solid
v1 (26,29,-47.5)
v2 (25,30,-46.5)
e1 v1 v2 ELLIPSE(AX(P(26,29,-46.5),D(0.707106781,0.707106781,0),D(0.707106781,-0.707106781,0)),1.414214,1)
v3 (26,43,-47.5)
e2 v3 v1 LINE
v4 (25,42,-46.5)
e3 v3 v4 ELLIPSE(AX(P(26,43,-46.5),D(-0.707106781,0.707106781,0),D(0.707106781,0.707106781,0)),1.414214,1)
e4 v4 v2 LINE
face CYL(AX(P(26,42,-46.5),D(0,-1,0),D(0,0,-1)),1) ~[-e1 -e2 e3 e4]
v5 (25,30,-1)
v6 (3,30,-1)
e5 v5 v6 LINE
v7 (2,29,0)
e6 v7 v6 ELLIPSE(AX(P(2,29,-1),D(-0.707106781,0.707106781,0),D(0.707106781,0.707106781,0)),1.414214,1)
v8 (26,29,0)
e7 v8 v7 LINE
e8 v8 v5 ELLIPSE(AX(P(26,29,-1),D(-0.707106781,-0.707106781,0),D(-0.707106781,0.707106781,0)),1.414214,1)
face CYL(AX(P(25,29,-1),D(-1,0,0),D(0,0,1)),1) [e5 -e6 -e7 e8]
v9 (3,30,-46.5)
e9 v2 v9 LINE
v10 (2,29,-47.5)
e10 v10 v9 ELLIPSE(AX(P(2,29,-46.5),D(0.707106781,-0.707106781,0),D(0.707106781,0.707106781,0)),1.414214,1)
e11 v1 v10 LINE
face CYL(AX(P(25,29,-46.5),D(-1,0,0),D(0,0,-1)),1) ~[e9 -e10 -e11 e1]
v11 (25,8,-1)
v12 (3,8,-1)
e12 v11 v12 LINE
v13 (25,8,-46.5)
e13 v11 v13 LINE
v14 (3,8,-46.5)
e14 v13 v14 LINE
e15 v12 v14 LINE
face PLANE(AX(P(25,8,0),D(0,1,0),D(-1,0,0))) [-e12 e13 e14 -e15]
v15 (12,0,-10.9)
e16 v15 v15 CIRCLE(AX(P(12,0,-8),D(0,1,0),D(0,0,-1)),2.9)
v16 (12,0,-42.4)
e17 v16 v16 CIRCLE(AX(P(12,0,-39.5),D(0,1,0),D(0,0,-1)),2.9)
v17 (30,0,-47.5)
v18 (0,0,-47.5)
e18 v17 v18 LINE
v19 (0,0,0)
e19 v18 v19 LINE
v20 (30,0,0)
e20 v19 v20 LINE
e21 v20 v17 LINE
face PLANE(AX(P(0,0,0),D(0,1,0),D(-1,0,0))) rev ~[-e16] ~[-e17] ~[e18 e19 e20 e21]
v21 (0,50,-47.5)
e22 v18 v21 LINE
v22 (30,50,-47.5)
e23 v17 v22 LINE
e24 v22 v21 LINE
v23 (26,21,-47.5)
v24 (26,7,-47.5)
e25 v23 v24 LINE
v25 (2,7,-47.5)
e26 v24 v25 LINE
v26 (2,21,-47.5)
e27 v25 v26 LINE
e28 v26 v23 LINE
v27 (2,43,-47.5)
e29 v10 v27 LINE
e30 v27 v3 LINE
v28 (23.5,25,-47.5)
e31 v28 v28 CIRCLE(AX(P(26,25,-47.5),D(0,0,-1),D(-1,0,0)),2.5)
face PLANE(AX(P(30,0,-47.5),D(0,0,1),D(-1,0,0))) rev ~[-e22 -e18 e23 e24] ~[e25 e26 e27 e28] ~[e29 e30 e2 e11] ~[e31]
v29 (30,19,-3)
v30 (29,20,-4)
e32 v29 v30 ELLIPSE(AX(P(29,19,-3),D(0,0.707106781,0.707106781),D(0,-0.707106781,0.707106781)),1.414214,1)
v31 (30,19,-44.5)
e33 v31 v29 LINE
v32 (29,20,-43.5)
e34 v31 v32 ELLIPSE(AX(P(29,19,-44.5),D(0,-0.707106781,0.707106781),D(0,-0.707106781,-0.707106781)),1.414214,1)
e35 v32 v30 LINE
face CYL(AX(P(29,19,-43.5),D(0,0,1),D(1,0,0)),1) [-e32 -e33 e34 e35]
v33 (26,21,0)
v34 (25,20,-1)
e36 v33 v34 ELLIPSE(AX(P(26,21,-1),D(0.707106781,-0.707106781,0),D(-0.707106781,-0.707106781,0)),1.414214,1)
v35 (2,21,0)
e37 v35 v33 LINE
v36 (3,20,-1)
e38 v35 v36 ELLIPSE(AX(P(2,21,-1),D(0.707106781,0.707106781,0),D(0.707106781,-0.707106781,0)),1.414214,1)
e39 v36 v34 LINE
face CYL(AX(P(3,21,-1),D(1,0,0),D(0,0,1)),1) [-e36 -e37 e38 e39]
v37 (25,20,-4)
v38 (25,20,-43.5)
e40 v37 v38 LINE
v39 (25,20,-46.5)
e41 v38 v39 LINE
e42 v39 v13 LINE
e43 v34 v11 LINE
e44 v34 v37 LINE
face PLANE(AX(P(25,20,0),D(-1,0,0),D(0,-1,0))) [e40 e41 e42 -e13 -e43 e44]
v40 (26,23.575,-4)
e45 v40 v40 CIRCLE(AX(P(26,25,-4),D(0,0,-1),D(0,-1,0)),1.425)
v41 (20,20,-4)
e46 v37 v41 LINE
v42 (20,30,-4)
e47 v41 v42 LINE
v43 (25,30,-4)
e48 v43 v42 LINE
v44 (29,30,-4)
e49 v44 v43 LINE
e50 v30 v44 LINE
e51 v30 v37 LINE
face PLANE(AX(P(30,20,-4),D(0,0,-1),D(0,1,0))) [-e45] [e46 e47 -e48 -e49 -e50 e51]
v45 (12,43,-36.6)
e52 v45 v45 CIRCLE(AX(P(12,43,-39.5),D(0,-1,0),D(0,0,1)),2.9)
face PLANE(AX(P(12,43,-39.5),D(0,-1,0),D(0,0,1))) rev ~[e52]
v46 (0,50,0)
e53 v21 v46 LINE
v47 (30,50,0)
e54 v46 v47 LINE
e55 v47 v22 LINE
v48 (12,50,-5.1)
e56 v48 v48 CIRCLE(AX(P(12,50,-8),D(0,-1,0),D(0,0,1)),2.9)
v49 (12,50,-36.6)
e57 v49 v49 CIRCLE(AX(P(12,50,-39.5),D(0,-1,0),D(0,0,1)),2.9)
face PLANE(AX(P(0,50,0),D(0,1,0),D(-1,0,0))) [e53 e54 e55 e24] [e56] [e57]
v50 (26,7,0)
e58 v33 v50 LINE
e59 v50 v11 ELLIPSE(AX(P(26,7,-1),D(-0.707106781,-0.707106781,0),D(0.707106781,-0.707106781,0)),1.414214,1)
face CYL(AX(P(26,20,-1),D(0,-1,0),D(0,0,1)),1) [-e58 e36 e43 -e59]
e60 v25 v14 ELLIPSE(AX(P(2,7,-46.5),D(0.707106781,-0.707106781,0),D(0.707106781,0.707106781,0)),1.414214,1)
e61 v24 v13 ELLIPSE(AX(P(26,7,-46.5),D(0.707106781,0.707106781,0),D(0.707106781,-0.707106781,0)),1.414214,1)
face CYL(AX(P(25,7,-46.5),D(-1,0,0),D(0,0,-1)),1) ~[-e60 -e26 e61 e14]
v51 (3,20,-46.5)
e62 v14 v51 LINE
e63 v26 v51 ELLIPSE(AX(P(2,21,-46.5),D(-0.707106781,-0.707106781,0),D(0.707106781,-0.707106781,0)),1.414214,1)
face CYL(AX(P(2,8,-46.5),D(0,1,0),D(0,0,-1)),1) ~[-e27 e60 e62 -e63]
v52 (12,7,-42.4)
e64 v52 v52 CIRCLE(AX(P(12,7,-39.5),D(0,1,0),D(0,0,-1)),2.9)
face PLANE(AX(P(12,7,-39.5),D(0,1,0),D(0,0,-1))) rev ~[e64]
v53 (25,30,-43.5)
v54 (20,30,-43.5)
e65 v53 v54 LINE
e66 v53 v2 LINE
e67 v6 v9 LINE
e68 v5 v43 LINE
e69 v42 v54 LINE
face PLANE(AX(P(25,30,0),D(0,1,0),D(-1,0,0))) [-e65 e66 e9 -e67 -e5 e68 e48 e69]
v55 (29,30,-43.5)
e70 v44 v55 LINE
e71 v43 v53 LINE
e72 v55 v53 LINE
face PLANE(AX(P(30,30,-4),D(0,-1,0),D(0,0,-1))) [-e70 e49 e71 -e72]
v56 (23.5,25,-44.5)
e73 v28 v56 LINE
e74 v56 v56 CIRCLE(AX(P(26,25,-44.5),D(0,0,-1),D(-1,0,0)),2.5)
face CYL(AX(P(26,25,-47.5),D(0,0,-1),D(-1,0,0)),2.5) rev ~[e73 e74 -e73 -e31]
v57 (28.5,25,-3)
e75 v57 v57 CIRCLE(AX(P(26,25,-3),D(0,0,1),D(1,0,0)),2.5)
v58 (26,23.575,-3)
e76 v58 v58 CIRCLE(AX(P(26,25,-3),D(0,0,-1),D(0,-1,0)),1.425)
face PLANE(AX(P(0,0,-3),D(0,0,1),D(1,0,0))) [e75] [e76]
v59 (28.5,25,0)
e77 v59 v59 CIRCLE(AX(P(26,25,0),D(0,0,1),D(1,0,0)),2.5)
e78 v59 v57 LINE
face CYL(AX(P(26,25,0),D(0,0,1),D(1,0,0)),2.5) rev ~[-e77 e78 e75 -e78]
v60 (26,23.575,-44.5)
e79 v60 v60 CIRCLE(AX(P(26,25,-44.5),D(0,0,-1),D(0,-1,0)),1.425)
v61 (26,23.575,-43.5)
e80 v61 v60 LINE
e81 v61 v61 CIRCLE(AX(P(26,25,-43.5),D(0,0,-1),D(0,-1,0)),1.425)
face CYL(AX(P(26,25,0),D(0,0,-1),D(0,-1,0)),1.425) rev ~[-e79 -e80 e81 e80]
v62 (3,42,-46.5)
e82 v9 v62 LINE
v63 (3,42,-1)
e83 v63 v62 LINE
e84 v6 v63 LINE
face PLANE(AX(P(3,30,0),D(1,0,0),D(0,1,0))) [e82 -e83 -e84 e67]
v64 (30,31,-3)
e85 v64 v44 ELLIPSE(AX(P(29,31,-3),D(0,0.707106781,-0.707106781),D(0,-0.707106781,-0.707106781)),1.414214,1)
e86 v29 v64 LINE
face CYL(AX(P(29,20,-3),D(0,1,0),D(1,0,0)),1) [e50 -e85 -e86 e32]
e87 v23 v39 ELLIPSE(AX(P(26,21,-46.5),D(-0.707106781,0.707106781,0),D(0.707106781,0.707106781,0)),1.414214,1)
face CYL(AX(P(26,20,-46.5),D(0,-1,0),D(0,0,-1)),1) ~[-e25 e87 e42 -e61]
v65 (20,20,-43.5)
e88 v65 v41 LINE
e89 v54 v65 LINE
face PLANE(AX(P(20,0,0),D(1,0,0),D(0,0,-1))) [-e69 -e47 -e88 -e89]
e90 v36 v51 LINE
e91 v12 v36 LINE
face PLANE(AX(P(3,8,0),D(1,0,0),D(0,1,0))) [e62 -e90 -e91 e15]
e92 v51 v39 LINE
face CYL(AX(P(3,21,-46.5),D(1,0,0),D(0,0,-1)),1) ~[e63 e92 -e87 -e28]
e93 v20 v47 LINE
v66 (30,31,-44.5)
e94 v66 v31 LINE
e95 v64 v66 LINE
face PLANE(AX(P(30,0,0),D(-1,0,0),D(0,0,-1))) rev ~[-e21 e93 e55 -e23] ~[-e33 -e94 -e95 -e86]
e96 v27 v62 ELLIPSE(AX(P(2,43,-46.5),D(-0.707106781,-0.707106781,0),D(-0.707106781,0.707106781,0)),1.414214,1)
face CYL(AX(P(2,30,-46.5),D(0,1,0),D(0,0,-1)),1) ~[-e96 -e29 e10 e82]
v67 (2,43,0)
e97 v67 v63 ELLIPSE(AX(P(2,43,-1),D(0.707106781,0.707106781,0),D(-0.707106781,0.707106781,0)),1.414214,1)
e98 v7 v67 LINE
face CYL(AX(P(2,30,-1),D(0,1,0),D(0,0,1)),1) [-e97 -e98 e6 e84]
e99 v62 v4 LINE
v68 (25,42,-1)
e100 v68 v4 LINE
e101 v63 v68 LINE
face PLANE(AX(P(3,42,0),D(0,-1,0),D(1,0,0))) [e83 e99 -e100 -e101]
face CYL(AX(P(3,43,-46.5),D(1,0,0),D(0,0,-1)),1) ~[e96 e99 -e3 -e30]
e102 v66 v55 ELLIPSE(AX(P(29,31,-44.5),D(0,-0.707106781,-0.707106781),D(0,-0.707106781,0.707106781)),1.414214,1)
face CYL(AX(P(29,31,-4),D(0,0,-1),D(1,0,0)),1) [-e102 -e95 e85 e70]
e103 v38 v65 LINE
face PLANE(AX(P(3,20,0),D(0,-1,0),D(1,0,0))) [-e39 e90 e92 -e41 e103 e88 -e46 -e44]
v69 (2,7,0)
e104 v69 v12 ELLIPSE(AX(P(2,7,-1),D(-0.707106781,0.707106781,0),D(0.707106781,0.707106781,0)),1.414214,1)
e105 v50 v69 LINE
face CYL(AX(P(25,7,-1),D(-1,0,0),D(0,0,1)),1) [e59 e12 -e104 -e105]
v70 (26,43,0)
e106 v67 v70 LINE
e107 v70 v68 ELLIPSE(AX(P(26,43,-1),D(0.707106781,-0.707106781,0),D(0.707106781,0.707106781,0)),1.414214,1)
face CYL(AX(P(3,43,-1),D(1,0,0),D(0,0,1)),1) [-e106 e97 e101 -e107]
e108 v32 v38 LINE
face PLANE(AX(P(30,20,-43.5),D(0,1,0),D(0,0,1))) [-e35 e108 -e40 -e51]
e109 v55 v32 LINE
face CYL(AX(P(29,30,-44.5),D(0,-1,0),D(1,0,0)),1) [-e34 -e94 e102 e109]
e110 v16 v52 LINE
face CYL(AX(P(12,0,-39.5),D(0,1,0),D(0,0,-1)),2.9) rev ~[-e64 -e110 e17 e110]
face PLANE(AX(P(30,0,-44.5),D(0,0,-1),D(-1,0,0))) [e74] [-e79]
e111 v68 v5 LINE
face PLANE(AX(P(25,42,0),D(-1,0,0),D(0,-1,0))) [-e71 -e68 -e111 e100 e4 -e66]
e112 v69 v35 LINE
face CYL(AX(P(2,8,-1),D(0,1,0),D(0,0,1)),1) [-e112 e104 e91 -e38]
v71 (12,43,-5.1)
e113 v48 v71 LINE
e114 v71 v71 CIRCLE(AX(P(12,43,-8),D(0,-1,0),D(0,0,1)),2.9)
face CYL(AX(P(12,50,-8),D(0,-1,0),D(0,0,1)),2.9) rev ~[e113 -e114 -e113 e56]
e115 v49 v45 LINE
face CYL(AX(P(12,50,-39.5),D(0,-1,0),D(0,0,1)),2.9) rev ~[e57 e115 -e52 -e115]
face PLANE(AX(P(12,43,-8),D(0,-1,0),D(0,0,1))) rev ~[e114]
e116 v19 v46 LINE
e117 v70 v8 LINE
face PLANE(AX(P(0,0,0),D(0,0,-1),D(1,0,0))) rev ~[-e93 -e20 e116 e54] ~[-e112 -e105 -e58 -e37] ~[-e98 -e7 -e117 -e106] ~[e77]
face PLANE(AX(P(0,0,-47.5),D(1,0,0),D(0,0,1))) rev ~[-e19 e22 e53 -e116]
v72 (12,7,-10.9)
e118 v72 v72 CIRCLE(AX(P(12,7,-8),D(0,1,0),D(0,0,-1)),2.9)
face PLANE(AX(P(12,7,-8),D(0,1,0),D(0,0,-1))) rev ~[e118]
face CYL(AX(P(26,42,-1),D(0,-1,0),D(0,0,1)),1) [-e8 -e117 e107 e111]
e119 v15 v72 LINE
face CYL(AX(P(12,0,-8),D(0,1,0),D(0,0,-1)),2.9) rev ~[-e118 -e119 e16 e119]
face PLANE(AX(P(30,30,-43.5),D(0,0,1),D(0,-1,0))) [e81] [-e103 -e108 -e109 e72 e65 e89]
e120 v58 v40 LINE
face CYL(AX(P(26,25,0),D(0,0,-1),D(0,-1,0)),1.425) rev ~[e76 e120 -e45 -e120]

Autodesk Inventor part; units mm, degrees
ref_plane "YZ Plane" through (0, 0, 0) normal (1, 0, 0) x (0, 1, 0)
ref_plane "XZ Plane" through (0, 0, 0) normal (0, 1, 0) x (-1, 0, 0)
ref_plane "XY Plane" through (0, 0, 0) normal (0, 0, 1) x (1, 0, 0)
sketch "スケッチ1" plane through (0, 0, 0) normal (0, 1, 0) x (-1, 0, 0)
  line L0 (0, 0) -> (-30, 0)
  line L1 (-30, 0) -> (-30, -47.5)
  line L2 (-30, -47.5) -> (0, -47.5)
  line L3 (0, -47.5) -> (0, 0)
  dimension "d0" = 30
  dimension "d1" = 47.5
extrude "押し出し1" add sketch "スケッチ1" along normal blind 50
ref_plane "作業平面1" through (30, 0, 0) normal (1, 0, 0) x (0, 0, -1)
sketch "スケッチ2" plane through (30, 0, 0) normal (1, 0, 0) x (0, 0, -1)
  line L0 (4, 30) -> (43.5, 30)
  line L1 (43.5, 30) -> (43.5, 20)
  line L2 (43.5, 20) -> (4, 20)
  line L3 (4, 20) -> (4, 30)
  line L4 (0, 0) -> (0, 50) projected
  line L5 (0, 0) -> (0, 50) projected
  line L6 (0, 50) -> (47.5, 50) projected
  point P0 (0, 25)
  point P1 (4, 25)
  point P2 (0, 25)
  point P3 (23.75, 30)
  point P4 (23.75, 50)
  point P5 (23.75, 50)
  dimension "d5" = 39.5
  dimension "d6" = 10
  dimension "d7" = 0
  dimension "d8" = 0
extrude "押し出し2" cut sketch "スケッチ2" against normal blind 10
sketch "スケッチ3" plane through (0, 0, 0) normal (0, 0, 1) x (1, 0, 0)
  line L0 (3, 42) -> (25, 42)
  line L1 (25, 42) -> (25, 30)
  line L2 (25, 30) -> (3, 30)
  line L3 (3, 30) -> (3, 42)
  line L4 (0, 50) -> (30, 50) projected
  line L5 (3, 20) -> (25, 20)
  line L6 (25, 20) -> (25, 8)
  line L7 (25, 8) -> (3, 8)
  line L8 (3, 8) -> (3, 20)
  line L9 (0, 0) -> (30, 0) projected
  line L10 (0, 0) -> (0, 50) projected
  point P0 (14, 42)
  point P1 (15, 50)
  point P2 (15, 50)
  point P3 (14, 8)
  point P4 (15, 0)
  point P5 (15, 0)
  dimension "d11" = 22
  dimension "d12" = 12
  dimension "d13" = 8
  dimension "d14" = 22
  dimension "d15" = 12
  dimension "d16" = 8
  dimension "d48" = 3
  dimension "d49" = 3
extrude "押し出し3" cut sketch "スケッチ3" against normal through all
ref_plane "作業平面2" through (0, 50, 0) normal (0, 1, 0) x (1, 0, 0)
sketch "スケッチ4" plane through (0, 50, 0) normal (0, 1, 0) x (1, 0, 0)
  line L0 (30, 57) -> (30, -9.5) projected
  line L1 (30, 47.5) -> (0, 47.5) projected
  line L2 (0, 0) -> (30, 0) projected
  line L3 (0, 47.5) -> (0, 0) projected
  point P0 (12, 39.5)
  point P1 (12, 8)
  dimension "d24" = 8
  dimension "d25" = 8
  dimension "d52" = 12
  dimension "d53" = 12
hole "穴1" at (12, 50, -39.5) at (12, 50, -8) direction (0, -1, 0) diameter 5.8 depth 7
sketch "スケッチ5" plane through (0, 0, 0) normal (0, 0, 1) x (1, 0, 0)
  line L0 (30, 0) -> (30, 50) projected
  circle A0 centre (26, 25) radius 1.5
  point P0 (0, 0)
  point P1 (30, 25)
  point P2 (30, 25)
  dimension "d33" = 4
  dimension "d34" = 3
hole "穴2" at (26, 25, 0) direction (0, 0, -1) diameter 2.85 end through all
sketch "スケッチ6" plane through (0, 0, 0) normal (0, 0, 1) x (1, 0, 0)
  circle A0 centre (26, 25) radius 1.425 projected
  circle A1 centre (26, 25) radius 2.5
  point P0 (0, 0)
  dimension "d42" = 5
extrude "押し出し4" cut sketch "スケッチ6" against normal blind 3 contours A0 | A1
sketch "スケッチ7" plane through (30, 0, -47.5) normal (0, 0, -1) x (-1, 0, 0)
  circle A0 centre (4, 25) radius 1.425 projected
  circle A1 centre (4, 25) radius 2.5
  point P0 (30, 0)
  dimension "d45" = 5
extrude "押し出し5" cut sketch "スケッチ7" against normal blind 3 contours A0 | A1
fillet "フィレット1" radius 1 4 edges at (30, 25, -43.5) (30, 30, -23.75) (30, 20, -23.75) (30, 25, -4)
fillet "フィレット2" radius 1 16 edges at (3, 36, 0) (14, 42, 0) (14, 30, 0) (25, 36, 0) (25, 14, 0) (14, 20, 0) (3, 14, 0) (14, 8, 0) (3, 36, -47.5) (14, 42, -47.5) (25, 36, -47.5) (14, 30, -47.5) (14, 20, -47.5) (3, 14, -47.5) (25, 14, -47.5) (14, 8, -47.5)
ref_plane "作業平面3" through (0, 0, 0) normal (0, -1, 0) x (1, 0, 0)
sketch "スケッチ8" plane through (0, 0, 0) normal (0, -1, 0) x (1, 0, 0)
  circle A0 centre (12, -8) radius 2.9 projected
  circle A1 centre (12, -39.5) radius 2.9 projected
  point P0 (0, 0)
hole "穴3" at (12, 0, -8) at (12, 0, -39.5) direction (0, 1, 0) diameter 5.8 depth 7
properties part number "motor_rot_born1_3D プリント"
